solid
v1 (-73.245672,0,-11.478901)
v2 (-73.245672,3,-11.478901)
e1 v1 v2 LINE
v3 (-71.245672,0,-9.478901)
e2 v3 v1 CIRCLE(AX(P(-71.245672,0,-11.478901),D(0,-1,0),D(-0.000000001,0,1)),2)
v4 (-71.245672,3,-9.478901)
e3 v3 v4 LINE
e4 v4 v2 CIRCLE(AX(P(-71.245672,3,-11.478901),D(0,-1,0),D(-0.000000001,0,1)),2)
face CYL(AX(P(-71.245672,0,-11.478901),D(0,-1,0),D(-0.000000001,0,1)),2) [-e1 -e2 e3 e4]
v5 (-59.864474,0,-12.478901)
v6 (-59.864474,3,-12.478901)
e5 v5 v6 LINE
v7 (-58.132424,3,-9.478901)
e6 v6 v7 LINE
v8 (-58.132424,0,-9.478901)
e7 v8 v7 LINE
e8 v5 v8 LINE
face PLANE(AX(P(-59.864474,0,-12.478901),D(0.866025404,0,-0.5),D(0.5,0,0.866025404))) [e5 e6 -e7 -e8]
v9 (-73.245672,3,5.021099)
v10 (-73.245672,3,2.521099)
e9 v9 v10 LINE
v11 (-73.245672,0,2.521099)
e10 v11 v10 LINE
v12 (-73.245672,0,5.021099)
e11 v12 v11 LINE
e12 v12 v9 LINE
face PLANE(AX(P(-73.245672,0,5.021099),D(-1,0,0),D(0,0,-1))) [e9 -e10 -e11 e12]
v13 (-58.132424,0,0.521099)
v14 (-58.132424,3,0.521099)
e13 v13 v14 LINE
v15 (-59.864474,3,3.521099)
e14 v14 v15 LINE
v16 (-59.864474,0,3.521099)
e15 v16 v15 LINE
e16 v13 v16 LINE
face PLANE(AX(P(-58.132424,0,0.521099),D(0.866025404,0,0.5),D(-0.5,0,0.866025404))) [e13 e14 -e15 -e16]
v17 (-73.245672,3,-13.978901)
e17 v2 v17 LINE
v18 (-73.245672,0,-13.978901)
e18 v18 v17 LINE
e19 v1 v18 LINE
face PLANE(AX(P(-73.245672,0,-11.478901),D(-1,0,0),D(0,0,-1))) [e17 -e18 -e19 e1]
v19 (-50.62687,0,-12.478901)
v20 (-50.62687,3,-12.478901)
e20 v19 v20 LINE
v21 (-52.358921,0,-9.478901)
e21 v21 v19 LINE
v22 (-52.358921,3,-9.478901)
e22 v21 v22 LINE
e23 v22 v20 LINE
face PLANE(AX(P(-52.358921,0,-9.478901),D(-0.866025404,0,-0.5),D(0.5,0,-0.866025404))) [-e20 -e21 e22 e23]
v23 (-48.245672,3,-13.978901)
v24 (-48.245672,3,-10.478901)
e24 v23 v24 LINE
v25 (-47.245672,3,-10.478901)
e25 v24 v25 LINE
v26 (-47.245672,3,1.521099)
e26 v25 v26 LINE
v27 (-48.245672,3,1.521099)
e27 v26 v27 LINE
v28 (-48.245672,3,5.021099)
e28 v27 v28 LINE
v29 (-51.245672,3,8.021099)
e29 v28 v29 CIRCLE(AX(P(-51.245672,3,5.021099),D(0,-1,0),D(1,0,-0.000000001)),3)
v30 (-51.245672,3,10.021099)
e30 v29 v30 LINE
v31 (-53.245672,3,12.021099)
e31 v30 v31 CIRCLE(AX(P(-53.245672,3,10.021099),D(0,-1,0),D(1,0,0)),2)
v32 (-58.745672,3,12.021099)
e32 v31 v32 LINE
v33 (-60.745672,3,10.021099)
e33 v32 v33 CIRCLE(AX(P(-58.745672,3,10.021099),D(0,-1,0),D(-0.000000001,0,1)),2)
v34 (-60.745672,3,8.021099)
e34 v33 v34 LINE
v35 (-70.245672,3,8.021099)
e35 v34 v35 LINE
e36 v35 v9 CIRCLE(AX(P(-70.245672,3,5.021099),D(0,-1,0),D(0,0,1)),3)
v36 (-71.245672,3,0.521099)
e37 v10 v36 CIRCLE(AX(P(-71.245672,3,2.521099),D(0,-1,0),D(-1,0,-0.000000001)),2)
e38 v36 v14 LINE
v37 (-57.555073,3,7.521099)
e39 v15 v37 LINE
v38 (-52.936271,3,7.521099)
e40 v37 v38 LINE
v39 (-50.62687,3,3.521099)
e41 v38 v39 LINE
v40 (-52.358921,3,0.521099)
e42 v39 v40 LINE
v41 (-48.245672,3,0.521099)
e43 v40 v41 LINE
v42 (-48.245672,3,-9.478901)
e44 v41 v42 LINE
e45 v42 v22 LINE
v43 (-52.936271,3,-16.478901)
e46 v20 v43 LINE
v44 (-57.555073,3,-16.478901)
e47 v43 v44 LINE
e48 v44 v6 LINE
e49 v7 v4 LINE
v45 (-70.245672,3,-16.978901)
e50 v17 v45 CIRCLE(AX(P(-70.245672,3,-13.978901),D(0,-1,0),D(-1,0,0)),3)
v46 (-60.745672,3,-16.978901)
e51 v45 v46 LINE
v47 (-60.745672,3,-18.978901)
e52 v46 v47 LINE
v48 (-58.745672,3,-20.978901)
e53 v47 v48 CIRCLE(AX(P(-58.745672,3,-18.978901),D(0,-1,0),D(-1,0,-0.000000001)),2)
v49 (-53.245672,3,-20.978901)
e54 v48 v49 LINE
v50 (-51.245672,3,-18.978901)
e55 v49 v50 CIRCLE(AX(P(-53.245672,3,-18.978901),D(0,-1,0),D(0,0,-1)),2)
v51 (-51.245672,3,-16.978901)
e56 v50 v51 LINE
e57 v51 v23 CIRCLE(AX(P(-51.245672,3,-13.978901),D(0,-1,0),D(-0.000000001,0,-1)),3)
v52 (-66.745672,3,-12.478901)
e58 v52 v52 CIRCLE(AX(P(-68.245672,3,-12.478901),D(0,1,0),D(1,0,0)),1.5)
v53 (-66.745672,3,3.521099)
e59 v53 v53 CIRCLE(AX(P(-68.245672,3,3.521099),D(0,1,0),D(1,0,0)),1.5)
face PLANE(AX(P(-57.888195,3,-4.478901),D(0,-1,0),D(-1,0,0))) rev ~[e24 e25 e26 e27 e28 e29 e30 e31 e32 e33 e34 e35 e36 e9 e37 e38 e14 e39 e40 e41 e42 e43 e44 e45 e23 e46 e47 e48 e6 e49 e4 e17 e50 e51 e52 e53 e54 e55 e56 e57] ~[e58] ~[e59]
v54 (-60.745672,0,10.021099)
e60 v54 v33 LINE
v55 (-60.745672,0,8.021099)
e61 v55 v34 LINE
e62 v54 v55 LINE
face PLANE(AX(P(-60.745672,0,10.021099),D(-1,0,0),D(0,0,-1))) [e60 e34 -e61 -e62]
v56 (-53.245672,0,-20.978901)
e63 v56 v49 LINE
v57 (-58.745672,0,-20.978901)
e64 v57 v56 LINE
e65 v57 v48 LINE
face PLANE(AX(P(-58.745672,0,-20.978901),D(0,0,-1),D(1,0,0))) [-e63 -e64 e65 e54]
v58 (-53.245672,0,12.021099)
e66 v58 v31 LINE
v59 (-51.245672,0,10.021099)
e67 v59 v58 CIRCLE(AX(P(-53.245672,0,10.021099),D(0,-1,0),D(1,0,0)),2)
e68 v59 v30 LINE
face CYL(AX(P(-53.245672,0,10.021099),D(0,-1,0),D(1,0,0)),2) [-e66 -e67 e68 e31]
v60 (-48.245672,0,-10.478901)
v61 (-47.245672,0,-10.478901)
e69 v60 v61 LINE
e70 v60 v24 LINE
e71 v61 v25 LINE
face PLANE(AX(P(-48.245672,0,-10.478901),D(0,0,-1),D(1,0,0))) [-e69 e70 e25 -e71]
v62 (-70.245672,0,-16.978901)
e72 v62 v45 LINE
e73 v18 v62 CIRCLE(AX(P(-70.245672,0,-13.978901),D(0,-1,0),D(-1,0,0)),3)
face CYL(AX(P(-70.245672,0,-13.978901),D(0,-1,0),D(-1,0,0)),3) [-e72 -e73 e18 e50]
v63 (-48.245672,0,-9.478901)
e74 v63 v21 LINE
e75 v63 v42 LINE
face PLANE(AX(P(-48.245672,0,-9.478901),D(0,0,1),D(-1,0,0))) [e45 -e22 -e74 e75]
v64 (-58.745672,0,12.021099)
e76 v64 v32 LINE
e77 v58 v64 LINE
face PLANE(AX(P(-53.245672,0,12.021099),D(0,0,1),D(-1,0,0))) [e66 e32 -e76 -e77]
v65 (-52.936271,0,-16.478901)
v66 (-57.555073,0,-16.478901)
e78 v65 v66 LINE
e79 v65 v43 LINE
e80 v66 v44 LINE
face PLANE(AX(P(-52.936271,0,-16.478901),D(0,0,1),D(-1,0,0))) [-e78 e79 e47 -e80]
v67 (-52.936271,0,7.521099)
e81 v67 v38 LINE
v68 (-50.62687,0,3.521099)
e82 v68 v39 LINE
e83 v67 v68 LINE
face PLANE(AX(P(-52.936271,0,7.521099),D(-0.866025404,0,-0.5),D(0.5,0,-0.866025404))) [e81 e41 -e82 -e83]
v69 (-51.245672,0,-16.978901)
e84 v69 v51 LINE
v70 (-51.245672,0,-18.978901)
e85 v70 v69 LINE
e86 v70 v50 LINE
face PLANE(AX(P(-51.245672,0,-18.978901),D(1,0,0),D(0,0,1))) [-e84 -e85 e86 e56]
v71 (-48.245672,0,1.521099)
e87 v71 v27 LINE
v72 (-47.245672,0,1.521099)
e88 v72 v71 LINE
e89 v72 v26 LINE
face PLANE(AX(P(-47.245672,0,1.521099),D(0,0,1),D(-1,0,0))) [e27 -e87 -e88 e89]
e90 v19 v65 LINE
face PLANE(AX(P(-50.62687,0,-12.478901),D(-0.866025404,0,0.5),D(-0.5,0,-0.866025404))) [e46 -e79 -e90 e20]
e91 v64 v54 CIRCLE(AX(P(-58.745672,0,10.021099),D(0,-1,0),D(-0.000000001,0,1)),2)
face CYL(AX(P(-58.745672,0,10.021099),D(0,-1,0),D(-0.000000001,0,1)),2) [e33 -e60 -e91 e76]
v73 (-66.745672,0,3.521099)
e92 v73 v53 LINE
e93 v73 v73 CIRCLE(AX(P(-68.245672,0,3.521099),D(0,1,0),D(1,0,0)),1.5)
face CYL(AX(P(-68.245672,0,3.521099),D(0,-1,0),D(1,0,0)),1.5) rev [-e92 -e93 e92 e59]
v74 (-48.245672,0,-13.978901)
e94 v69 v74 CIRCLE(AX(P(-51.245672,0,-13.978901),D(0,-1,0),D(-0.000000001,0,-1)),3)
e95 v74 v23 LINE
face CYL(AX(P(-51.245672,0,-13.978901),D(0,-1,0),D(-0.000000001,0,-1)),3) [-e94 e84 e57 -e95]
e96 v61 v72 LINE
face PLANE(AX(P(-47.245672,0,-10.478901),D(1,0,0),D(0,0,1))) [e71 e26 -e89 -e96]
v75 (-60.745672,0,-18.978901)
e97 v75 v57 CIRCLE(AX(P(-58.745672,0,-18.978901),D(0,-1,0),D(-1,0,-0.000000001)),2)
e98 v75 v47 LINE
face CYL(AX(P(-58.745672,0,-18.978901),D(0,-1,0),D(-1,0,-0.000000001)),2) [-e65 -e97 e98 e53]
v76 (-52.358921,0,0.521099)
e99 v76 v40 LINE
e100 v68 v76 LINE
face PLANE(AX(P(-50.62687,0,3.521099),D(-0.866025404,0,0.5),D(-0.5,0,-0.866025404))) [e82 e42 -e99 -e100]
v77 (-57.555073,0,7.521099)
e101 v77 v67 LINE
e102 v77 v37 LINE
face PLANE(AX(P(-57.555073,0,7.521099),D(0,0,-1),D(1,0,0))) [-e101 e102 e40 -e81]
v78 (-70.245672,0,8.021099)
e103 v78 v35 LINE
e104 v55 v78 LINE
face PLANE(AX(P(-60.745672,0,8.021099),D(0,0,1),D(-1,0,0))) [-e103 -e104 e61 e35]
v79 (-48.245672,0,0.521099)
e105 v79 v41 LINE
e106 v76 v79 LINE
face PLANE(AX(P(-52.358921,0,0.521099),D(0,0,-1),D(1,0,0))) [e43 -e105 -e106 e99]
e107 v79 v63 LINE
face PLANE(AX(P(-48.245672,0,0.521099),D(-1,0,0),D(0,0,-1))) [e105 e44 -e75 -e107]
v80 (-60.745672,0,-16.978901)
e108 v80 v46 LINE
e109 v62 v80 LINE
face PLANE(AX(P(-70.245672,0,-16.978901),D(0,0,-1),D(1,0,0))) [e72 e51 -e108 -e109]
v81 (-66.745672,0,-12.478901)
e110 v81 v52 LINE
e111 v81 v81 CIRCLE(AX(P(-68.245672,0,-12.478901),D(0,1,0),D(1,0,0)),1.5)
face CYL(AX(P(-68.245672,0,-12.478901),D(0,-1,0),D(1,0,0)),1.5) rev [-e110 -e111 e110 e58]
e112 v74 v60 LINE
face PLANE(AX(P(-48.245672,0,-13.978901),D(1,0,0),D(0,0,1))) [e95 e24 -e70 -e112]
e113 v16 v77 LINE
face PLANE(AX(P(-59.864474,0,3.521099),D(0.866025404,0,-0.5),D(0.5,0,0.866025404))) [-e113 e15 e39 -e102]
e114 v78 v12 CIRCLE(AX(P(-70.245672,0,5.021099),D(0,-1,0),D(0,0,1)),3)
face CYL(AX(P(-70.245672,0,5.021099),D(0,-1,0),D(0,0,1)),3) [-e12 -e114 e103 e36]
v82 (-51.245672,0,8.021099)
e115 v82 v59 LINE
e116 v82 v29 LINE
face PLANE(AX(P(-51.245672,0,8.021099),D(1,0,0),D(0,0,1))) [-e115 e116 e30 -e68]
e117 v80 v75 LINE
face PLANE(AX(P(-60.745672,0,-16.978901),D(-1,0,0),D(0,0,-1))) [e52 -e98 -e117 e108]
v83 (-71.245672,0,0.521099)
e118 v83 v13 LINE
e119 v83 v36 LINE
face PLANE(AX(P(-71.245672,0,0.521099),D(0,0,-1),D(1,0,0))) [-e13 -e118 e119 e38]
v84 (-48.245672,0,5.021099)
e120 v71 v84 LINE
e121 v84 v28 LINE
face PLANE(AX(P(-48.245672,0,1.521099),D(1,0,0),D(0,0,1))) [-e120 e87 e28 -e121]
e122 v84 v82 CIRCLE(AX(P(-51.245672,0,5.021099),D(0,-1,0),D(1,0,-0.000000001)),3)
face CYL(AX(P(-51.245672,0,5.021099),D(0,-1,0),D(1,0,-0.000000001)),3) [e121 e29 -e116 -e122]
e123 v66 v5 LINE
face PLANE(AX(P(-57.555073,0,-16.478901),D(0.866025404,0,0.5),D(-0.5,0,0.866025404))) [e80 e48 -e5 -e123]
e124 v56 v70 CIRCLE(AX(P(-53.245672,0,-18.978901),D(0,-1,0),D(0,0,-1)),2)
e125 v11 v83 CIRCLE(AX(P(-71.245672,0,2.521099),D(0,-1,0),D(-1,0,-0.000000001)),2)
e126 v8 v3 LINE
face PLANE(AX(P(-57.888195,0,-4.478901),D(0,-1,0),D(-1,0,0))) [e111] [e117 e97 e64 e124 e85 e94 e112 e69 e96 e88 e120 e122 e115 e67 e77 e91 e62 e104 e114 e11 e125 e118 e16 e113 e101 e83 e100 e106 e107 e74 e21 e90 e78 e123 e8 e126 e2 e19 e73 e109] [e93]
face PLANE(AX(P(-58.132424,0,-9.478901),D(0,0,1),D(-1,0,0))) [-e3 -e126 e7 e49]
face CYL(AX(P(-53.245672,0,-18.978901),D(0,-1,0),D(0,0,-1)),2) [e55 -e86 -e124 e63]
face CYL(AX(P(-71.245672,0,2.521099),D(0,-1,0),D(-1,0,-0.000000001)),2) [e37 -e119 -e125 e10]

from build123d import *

# Parameters (mm, degrees)
SKETCH3_R           = 1.5
BOSS_EXTRUDE1_DEPTH = 3


with BuildPart() as part:
    # Sketch3 → Boss-Extrude1 (new body)
    with BuildSketch(Plane(origin=(0, 0, 0), x_dir=(1, 0, 0), z_dir=(0, 1, 0))):
        with BuildLine():
            Line((-60.745672261, 16.978901462), (-60.745672261, 18.978901462))
            ThreePointArc((-60.745672261, 18.978901462), (-60.159885823, 20.393115024), (-58.745672261, 20.978901462))
            Line((-58.745672261, 20.978901462), (-53.245672261, 20.978901462))
            ThreePointArc((-53.245672261, 20.978901462), (-51.831458698, 20.393115024), (-51.245672261, 18.978901462))
            Line((-51.245672261, 18.978901462), (-51.245672261, 16.978901462))
            ThreePointArc((-51.245672261, 16.978901462), (-49.124351917, 16.100221806), (-48.245672261, 13.978901462))
            Line((-48.245672261, 13.978901462), (-48.245672261, 10.478901462))
            Line((-48.245672261, 10.478901462), (-47.245672261, 10.478901462))
            Line((-47.245672261, 10.478901462), (-47.245672261, -1.521098538))
            Line((-47.245672261, -1.521098538), (-48.245672261, -1.521098538))
            Line((-48.245672261, -1.521098538), (-48.245672261, -5.021098538))
            ThreePointArc((-48.245672261, -5.021098538), (-49.124351917, -7.142418882), (-51.245672261, -8.021098538))
            Line((-51.245672261, -8.021098538), (-51.245672261, -10.021098538))
            ThreePointArc((-51.245672261, -10.021098538), (-51.831458698, -11.4353121), (-53.245672261, -12.021098538))
            Line((-53.245672261, -12.021098538), (-58.745672261, -12.021098538))
            ThreePointArc((-58.745672261, -12.021098538), (-60.159885823, -11.4353121), (-60.745672261, -10.021098538))
            Line((-60.745672261, -10.021098538), (-60.745672261, -8.021098538))
            Line((-60.745672261, -8.021098538), (-70.245672261, -8.021098538))
            ThreePointArc((-70.245672261, -8.021098538), (-72.366992604, -7.142418882), (-73.245672261, -5.021098538))
            Line((-73.245672261, -5.021098538), (-73.245672261, -2.521098538))
            ThreePointArc((-73.245672261, -2.521098538), (-72.659885823, -1.106884976), (-71.245672261, -0.521098538))
            Line((-71.245672261, -0.521098538), (-58.132423607, -0.521098538))
            Line((-58.132423607, -0.521098538), (-59.864474414, -3.521098538))
            Line((-59.864474414, -3.521098538), (-57.555073337, -7.521098538))
            Line((-57.555073337, -7.521098538), (-52.936271184, -7.521098538))
            Line((-52.936271184, -7.521098538), (-50.626870107, -3.521098538))
            Line((-50.626870107, -3.521098538), (-52.358920915, -0.521098538))
            Line((-52.358920915, -0.521098538), (-48.245672261, -0.521098538))
            Line((-48.245672261, -0.521098538), (-48.245672261, 9.478901462))
            Line((-48.245672261, 9.478901462), (-52.358920915, 9.478901462))
            Line((-52.358920915, 9.478901462), (-50.626870107, 12.478901462))
            Line((-50.626870107, 12.478901462), (-52.936271184, 16.478901462))
            Line((-52.936271184, 16.478901462), (-57.555073337, 16.478901462))
            Line((-57.555073337, 16.478901462), (-59.864474414, 12.478901462))
            Line((-59.864474414, 12.478901462), (-58.132423607, 9.478901462))
            Line((-58.132423607, 9.478901462), (-71.245672261, 9.478901462))
            ThreePointArc((-71.245672261, 9.478901462), (-72.659885823, 10.0646879), (-73.245672261, 11.478901462))
            Line((-73.245672261, 11.478901462), (-73.245672261, 13.978901462))
            ThreePointArc((-73.245672261, 13.978901462), (-72.366992604, 16.100221806), (-70.245672261, 16.978901462))
            Line((-70.245672261, 16.978901462), (-60.745672261, 16.978901462))
        make_face()
        with Locations((-68.245672261, -3.521098538)):
            Circle(SKETCH3_R, mode=Mode.SUBTRACT)
        with Locations((-68.245672261, 12.478901462)):
            Circle(SKETCH3_R, mode=Mode.SUBTRACT)
    extrude(amount=BOSS_EXTRUDE1_DEPTH)


solid = part.part
